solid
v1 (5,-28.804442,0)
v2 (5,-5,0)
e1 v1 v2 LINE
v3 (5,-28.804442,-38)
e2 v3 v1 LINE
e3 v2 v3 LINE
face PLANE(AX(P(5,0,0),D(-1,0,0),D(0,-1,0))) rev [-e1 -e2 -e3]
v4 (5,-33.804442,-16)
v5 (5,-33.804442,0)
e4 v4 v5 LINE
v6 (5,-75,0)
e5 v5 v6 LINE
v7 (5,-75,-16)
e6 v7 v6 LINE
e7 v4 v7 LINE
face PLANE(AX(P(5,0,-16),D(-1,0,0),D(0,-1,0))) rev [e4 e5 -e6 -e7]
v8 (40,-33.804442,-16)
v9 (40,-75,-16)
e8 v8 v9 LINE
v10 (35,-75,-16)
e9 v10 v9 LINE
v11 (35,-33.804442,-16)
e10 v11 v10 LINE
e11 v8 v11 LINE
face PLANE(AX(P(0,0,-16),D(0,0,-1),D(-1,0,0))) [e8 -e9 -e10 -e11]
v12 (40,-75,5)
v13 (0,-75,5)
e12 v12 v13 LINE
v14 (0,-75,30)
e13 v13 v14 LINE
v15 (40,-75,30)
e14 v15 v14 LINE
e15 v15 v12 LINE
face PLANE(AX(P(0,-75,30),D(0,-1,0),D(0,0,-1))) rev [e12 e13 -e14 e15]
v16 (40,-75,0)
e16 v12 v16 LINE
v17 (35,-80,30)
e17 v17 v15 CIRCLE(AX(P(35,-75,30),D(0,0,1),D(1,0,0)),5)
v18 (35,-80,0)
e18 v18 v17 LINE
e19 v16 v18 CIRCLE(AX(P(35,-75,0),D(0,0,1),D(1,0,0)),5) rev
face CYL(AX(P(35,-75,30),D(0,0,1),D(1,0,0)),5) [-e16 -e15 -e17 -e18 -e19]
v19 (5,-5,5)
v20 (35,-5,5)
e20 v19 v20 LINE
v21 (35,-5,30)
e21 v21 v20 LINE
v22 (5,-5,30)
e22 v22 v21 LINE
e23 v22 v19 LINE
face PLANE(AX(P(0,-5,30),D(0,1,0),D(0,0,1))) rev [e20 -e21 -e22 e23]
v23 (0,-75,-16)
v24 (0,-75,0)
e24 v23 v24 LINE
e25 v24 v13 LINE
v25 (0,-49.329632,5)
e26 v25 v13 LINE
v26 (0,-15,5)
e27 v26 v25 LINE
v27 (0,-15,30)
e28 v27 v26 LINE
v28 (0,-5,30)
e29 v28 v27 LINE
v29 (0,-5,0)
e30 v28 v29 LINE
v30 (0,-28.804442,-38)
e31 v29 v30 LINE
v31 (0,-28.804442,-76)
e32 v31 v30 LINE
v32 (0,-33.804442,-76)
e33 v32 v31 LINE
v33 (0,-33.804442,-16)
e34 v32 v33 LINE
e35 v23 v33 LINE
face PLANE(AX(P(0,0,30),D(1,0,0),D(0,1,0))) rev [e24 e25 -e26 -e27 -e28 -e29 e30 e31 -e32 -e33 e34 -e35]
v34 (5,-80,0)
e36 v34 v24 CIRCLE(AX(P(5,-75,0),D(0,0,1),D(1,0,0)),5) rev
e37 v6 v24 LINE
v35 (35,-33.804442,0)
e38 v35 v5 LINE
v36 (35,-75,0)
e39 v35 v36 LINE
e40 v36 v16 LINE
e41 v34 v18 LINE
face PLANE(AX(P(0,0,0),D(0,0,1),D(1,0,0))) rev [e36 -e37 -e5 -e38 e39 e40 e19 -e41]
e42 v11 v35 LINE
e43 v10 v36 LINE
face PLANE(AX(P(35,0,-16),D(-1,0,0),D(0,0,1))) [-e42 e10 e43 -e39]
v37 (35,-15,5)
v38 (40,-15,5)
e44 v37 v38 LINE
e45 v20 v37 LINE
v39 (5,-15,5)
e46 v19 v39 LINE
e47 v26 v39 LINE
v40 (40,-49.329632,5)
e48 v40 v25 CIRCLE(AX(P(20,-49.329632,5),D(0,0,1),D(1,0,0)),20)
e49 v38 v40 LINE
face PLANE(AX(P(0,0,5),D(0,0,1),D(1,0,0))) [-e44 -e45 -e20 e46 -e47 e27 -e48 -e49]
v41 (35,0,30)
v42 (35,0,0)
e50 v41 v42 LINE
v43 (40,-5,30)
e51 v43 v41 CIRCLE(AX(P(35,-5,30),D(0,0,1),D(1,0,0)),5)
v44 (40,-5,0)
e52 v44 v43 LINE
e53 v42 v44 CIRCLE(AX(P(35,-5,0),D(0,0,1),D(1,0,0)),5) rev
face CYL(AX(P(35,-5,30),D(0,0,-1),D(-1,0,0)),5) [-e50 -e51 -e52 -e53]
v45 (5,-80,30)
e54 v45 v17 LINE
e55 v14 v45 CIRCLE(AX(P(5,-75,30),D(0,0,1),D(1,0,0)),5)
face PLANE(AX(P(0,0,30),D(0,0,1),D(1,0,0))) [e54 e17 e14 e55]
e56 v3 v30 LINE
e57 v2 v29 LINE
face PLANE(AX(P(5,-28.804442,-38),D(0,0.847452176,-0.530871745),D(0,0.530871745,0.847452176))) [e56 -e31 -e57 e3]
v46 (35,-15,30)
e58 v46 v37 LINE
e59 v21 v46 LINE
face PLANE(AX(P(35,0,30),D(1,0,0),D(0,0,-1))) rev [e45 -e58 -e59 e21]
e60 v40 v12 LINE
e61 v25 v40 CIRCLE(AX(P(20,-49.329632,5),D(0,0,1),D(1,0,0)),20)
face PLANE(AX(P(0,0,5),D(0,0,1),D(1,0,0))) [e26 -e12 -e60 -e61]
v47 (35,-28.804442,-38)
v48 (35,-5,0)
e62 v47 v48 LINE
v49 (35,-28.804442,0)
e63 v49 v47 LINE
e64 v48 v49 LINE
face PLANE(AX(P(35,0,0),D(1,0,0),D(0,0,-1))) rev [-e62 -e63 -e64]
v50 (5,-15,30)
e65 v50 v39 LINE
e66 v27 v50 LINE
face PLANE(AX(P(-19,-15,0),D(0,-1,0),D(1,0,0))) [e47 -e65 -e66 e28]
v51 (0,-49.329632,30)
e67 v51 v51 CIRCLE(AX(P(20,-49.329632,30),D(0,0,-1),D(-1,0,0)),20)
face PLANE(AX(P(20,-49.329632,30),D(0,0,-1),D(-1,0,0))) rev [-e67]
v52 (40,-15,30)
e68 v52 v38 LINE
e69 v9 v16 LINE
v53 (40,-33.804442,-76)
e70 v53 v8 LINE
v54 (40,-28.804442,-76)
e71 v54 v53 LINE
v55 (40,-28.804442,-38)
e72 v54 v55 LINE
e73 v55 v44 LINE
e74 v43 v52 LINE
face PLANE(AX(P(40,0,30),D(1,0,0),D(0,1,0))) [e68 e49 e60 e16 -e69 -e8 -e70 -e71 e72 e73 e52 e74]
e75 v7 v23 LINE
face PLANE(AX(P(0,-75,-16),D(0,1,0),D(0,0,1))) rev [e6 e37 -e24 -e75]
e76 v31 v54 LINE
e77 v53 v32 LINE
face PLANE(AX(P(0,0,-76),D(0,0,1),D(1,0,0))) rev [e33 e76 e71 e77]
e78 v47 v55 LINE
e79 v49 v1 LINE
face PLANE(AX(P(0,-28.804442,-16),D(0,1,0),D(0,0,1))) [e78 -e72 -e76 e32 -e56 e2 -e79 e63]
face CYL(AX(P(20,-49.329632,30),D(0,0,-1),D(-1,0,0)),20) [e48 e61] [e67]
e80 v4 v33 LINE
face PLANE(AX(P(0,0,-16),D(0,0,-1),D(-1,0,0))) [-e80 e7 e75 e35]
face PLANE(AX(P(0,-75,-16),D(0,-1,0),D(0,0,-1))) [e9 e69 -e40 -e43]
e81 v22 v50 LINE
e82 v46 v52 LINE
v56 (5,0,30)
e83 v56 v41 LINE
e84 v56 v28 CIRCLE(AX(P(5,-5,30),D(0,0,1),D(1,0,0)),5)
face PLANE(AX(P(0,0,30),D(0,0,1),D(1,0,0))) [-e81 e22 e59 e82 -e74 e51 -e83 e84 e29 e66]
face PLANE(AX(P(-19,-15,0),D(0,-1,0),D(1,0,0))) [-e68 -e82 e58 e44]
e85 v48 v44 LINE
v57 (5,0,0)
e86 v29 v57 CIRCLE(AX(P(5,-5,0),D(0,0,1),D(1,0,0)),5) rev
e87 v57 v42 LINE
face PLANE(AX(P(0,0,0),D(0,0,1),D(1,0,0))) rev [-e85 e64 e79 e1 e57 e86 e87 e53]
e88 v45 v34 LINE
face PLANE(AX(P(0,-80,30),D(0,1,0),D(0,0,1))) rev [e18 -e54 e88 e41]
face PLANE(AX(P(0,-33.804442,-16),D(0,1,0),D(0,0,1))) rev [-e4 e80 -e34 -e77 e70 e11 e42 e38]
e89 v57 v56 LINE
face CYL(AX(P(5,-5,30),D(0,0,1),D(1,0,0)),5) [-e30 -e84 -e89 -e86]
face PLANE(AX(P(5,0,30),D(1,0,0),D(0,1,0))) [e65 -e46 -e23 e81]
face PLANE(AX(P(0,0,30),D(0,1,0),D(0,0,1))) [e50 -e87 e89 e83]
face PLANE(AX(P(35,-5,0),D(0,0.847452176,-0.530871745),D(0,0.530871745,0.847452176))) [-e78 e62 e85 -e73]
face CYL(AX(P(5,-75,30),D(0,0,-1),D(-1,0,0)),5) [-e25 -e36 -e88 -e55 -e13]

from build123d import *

# Parameters (mm, degrees)
IZIM1_W                     = 30
IZIM1_H                     = 70
Y_KSEKLIK_EKSTR_ZYON1_DEPTH = 30
IZIM2_W                     = 40
IZIM2_H                     = 80
Y_KSEKLIK_EKSTR_ZYON2_DEPTH = 5
RADYUS1_R                   = 5
RADYUS2_R                   = 5
RADYUS3_R                   = 5
RADYUS4_R                   = 5
IZIM4_W                     = 15
IZIM4_H                     = 50
IZIM4_W_2                   = 10
KES_EKSTR_ZYON1_DEPTH       = 59
IZIM5_R                     = 20
Y_KSEKLIK_EKSTR_ZYON4_DEPTH = 30
IZIM6_W                     = 25
IZIM6_H                     = 10
KES_EKSTR_ZYON4_DEPTH       = 7
IZIM7_W                     = 25
IZIM7_H                     = 10
KES_EKSTR_ZYON6_DEPTH       = 7
Y_KSEKLIK_EKSTR_ZYON5_DEPTH = 16
IZIM13_W                    = 40
IZIM13_H                    = 5
Y_KSEKLIK_EKSTR_ZYON6_DEPTH = 60
Y_KSEKLIK_EKSTR_ZYON7_DEPTH = 5
Y_KSEKLIK_EKSTR_ZYON8_DEPTH = 5


with BuildPart() as part:
    # Çizim1 → Yükseklik-Ekstrüzyon1 (new body)
    with BuildSketch(Plane.XY):
        Polygon((5, 0), (0, 0), (0, -5), (0, -80), (35, -80), (40, -80), (40, -75), (40, -5), (40, 0), (35, 0), align=None)
        with Locations((20, -40)):
            Rectangle(IZIM1_W, IZIM1_H, mode=Mode.SUBTRACT)
    extrude(amount=Y_KSEKLIK_EKSTR_ZYON1_DEPTH)

    # Çizim2 → Yükseklik-Ekstrüzyon2 (add)
    with BuildSketch(Plane(origin=(0, 0, 0), x_dir=(-1, 0, 0), z_dir=(0, 0, -1))):
        with Locations((-20, -40)):
            Rectangle(IZIM2_W, IZIM2_H)
    extrude(amount=-Y_KSEKLIK_EKSTR_ZYON2_DEPTH)

    # Radyus1
    radyus1_edges = [part.edges().sort_by_distance(p)[0] for p in [
        (40, 0, 15),
    ]]
    fillet(radyus1_edges, radius=RADYUS1_R)

    # Radyus2
    radyus2_edges = [part.edges().sort_by_distance(p)[0] for p in [
        (0, 0, 15),
    ]]
    fillet(radyus2_edges, radius=RADYUS2_R)

    # Radyus3
    radyus3_edges = [part.edges().sort_by_distance(p)[0] for p in [
        (0, -80, 15),
    ]]
    fillet(radyus3_edges, radius=RADYUS3_R)

    # Radyus4
    radyus4_edges = [part.edges().sort_by_distance(p)[0] for p in [
        (40, -80, 15),
    ]]
    fillet(radyus4_edges, radius=RADYUS4_R)

    # Çizim4 → Kes-Ekstrüzyon1 (cut)
    with BuildSketch(Plane(origin=(40, 0, 0), x_dir=(0, 0, -1), z_dir=(1, 0, 0))):
        with Locations((-22.5, -40)):
            Rectangle(IZIM4_W, IZIM4_H)
        with Locations((-10, -40)):
            Rectangle(IZIM4_W_2, IZIM4_H)
    extrude(amount=-KES_EKSTR_ZYON1_DEPTH, mode=Mode.SUBTRACT)

    # Çizim5 → Yükseklik-Ekstrüzyon4 (add)
    with BuildSketch(Plane(origin=(0, 0, 0), x_dir=(-1, 0, 0), z_dir=(0, 0, -1))):
        with Locations((-20, -49.329631519)):
            Circle(IZIM5_R)
    extrude(amount=-Y_KSEKLIK_EKSTR_ZYON4_DEPTH)

    # Çizim6 → Kes-Ekstrüzyon4 (cut)
    with BuildSketch(Plane(origin=(40, 0, 0), x_dir=(0, 0, -1), z_dir=(1, 0, 0))):
        with Locations((-17.5, -70)):
            Rectangle(IZIM6_W, IZIM6_H)
    extrude(amount=-KES_EKSTR_ZYON4_DEPTH, mode=Mode.SUBTRACT)

    # Çizim7 → Kes-Ekstrüzyon6 (cut)
    with BuildSketch(Plane.ZY):
        with Locations((17.5, -70)):
            Rectangle(IZIM7_W, IZIM7_H)
    extrude(amount=-KES_EKSTR_ZYON6_DEPTH, mode=Mode.SUBTRACT)

    # Çizim12 → Yükseklik-Ekstrüzyon5 (add)
    with BuildSketch(Plane(origin=(0, 0, 0), x_dir=(-1, 0, 0), z_dir=(0, 0, -1))):
        Polygon((-35.259105609, -28.804442177), (-40, -28.804442177), (-40, -33.804442177), (-40, -75), (-35, -75), (-35, -33.804442177), (-5, -33.804442177), (-5, -75), (0, -75), (0, -33.804442177), (0, -28.804442177), (-5, -28.804442177), (-35, -28.804442177), align=None)
    extrude(amount=Y_KSEKLIK_EKSTR_ZYON5_DEPTH)

    # Çizim13 → Yükseklik-Ekstrüzyon6 (add)
    with BuildSketch(Plane(origin=(0, 0, -16), x_dir=(-1, 0, 0), z_dir=(0, 0, -1))):
        with Locations((-20, -31.304442177)):
            Rectangle(IZIM13_W, IZIM13_H)
    extrude(amount=Y_KSEKLIK_EKSTR_ZYON6_DEPTH)

    # Çizim14 → Yükseklik-Ekstrüzyon7 (add)
    with BuildSketch(Plane(origin=(40, 0, 0), x_dir=(0, 0, -1), z_dir=(1, 0, 0))):
        Polygon((0, -5), (38, -28.804442177), (0, -28.804442177), align=None)
    extrude(amount=-Y_KSEKLIK_EKSTR_ZYON7_DEPTH)

    # Çizim15 → Yükseklik-Ekstrüzyon8 (add)
    with BuildSketch(Plane.ZY):
        Polygon((-38, -28.804442177), (0, -5), (0, -28.804442177), align=None)
    extrude(amount=-Y_KSEKLIK_EKSTR_ZYON8_DEPTH)


solid = part.part
